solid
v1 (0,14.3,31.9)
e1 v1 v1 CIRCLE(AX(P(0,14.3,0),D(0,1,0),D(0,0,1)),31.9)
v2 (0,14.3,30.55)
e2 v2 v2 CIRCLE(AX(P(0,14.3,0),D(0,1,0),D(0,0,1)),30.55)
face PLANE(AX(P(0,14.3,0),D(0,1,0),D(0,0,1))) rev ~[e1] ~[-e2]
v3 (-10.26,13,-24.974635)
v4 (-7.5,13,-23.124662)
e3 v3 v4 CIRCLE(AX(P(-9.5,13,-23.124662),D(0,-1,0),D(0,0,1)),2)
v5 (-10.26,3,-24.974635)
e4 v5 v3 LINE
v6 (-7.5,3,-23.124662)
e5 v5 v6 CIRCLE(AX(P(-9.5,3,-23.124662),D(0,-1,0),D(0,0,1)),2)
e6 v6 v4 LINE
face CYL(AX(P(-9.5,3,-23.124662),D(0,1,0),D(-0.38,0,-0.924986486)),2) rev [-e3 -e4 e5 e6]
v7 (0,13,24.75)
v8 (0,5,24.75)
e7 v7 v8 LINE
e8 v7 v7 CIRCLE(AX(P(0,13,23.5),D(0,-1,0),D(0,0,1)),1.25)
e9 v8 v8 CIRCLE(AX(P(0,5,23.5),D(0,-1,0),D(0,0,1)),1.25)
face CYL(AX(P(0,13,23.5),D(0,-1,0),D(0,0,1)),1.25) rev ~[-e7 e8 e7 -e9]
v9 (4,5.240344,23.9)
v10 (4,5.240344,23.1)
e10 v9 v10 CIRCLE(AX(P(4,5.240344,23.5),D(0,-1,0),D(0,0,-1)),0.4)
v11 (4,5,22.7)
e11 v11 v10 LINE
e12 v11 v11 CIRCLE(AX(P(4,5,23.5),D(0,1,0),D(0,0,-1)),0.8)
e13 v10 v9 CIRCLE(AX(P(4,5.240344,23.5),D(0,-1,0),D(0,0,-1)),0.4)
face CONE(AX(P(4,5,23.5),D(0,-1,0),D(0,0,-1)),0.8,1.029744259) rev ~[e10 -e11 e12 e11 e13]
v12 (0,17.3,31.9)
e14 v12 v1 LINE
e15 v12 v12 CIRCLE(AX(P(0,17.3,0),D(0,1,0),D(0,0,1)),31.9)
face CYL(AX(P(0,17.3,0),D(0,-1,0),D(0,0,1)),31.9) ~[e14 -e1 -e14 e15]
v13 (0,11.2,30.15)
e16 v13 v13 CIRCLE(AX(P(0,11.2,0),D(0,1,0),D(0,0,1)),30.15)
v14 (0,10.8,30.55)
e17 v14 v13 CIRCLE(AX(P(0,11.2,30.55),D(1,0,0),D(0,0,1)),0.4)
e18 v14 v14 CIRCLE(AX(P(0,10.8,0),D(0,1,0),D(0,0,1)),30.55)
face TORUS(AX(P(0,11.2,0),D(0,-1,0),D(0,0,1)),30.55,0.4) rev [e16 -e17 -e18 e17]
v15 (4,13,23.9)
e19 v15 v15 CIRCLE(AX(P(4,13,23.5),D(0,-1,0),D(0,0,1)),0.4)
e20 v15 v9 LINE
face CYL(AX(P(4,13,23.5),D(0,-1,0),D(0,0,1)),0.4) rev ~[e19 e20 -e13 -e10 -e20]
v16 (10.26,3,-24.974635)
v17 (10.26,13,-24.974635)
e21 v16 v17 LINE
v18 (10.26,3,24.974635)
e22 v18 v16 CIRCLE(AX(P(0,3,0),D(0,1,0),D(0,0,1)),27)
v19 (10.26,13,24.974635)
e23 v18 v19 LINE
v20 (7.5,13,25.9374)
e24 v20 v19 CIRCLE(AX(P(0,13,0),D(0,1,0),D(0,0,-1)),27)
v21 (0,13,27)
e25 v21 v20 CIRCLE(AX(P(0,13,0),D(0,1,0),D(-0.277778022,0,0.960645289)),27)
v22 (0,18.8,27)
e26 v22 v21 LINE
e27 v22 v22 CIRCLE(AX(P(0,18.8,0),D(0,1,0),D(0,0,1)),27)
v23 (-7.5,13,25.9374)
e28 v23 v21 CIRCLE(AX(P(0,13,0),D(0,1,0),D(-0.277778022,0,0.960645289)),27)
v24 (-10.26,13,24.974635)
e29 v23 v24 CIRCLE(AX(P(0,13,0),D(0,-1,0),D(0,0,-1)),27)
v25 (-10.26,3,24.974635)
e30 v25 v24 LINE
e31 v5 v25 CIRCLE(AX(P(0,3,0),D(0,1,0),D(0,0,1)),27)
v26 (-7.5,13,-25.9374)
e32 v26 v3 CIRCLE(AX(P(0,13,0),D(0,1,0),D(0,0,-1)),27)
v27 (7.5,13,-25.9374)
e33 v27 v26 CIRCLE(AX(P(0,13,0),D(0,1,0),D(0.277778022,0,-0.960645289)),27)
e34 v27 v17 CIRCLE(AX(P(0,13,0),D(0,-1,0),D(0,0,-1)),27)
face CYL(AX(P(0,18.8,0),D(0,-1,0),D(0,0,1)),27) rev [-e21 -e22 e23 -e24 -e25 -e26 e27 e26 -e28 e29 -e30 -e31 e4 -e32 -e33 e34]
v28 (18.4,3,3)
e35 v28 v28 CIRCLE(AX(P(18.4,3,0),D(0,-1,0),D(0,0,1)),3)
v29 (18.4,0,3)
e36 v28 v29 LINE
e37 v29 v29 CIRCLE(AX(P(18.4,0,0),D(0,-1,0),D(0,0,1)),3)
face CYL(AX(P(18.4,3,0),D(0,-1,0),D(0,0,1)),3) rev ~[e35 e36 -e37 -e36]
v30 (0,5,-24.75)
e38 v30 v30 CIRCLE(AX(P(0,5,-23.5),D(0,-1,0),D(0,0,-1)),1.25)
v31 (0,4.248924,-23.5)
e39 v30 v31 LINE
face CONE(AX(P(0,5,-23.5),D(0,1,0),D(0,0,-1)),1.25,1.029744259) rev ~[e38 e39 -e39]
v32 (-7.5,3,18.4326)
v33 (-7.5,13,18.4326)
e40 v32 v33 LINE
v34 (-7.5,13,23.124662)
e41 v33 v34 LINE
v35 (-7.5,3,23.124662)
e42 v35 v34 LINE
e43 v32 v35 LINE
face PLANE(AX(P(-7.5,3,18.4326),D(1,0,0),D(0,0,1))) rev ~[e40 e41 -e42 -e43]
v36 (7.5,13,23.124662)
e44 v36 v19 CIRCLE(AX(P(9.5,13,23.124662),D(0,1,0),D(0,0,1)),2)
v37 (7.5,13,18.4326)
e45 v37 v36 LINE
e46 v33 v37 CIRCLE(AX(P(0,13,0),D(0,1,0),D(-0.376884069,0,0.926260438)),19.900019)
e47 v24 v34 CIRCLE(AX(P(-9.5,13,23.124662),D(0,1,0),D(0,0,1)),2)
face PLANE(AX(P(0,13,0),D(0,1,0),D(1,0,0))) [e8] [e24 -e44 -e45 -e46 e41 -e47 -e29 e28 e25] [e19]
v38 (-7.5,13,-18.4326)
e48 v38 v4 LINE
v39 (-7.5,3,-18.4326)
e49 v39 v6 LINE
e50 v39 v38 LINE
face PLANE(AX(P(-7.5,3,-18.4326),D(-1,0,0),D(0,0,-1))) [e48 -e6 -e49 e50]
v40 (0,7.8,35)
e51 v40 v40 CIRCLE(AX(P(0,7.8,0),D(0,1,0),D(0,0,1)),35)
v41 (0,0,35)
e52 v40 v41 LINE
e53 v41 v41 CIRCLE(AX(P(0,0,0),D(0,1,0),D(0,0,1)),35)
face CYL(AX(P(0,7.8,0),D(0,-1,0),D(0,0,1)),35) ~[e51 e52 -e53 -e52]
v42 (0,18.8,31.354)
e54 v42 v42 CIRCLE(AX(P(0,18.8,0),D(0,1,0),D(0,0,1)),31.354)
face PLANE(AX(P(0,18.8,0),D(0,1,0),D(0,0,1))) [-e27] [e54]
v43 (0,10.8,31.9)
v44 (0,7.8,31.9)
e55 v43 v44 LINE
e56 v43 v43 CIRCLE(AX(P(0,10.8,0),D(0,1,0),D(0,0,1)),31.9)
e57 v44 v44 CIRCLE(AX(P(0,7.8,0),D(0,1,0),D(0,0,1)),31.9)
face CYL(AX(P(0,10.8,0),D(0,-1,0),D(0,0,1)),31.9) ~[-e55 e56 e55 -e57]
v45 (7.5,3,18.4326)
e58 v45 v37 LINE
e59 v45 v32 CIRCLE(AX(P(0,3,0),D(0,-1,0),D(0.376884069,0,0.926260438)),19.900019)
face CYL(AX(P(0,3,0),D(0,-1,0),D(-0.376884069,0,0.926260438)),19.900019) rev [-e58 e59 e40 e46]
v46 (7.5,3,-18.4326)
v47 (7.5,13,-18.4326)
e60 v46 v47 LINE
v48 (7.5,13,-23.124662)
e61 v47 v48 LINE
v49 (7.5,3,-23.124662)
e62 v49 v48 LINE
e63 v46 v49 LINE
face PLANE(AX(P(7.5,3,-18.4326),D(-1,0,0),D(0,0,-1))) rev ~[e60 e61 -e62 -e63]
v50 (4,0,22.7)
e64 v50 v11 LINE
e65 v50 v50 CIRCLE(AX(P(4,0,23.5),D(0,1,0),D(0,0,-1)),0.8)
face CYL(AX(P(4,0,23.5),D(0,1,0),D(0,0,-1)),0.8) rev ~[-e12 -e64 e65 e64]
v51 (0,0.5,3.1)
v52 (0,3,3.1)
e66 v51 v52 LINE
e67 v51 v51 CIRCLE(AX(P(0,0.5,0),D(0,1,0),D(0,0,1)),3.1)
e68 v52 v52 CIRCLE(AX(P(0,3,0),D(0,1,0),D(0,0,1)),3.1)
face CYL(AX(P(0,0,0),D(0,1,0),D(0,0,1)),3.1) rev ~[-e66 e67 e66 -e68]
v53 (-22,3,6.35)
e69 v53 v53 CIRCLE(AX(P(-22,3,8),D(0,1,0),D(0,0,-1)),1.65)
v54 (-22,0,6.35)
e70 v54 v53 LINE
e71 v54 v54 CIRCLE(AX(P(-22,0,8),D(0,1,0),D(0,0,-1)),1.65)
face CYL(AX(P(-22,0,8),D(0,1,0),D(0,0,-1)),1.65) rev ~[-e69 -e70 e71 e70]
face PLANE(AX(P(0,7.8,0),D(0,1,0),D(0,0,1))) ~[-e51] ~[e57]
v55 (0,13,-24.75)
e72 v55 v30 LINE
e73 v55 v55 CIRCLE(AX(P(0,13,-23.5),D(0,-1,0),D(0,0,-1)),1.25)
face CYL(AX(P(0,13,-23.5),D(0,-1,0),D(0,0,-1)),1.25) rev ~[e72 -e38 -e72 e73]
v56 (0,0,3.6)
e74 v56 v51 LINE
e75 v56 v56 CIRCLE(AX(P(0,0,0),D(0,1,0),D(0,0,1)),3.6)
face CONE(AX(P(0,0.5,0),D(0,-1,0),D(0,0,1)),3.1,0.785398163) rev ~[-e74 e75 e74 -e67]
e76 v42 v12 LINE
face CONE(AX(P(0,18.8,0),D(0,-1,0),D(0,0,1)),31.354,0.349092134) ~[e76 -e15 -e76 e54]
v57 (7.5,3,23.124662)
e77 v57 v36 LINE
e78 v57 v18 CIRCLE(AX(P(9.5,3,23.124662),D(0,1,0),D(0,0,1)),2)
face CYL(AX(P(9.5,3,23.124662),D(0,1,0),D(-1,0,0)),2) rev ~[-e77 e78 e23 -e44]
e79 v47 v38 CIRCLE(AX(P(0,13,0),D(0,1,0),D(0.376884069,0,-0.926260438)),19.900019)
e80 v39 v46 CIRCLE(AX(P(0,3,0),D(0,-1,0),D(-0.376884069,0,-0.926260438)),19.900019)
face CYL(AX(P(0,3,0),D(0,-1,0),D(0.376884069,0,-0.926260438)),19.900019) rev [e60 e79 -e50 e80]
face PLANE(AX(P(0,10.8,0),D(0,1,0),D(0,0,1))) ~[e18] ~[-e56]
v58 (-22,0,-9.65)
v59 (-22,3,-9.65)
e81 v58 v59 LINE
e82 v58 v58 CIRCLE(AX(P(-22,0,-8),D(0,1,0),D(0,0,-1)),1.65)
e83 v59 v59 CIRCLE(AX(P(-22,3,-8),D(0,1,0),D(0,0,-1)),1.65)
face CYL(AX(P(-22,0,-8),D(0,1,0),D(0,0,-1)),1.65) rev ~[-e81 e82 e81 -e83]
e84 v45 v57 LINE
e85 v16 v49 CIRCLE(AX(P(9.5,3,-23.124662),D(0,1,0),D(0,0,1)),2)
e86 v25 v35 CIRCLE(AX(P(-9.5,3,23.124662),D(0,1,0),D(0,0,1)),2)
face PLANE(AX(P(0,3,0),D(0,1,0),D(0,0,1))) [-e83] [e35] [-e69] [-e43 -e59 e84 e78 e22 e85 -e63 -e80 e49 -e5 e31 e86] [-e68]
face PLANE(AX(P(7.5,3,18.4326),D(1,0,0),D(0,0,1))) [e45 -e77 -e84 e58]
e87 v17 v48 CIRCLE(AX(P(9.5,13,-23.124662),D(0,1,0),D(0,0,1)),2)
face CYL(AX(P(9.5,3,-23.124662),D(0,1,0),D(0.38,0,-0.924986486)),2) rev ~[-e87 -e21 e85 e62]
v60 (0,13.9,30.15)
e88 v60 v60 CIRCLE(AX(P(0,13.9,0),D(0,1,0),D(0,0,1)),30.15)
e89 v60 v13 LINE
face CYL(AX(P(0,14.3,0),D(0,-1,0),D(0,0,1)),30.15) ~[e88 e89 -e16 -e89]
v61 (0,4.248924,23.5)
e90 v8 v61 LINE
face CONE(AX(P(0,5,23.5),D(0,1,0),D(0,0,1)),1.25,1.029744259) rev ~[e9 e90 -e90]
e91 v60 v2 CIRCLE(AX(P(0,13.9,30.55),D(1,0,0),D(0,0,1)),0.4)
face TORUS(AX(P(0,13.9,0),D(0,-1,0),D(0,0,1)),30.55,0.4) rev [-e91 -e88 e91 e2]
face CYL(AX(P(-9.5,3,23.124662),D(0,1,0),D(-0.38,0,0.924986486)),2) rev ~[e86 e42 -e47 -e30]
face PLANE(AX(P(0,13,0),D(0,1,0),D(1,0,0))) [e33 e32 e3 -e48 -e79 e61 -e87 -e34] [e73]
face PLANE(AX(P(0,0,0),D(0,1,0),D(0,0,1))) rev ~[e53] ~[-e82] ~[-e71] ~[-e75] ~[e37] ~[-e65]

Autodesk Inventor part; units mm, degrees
ref_plane "YZ Plane" through (0, 0, 0) normal (1, 0, 0) x (0, 1, 0)
ref_plane "XZ Plane" through (0, 0, 0) normal (0, 1, 0) x (-1, 0, 0)
ref_plane "XY Plane" through (0, 0, 0) normal (0, 0, 1) x (1, 0, 0)
sketch "Skizze2" plane through (0, 0, 0) normal (1, 0, 0) x (0, 1, 0)
  line L0 (0, 0) -> (18.8, 0)
  line L1 (0, 3.1) -> (3, 3.1)
  line L2 (18.8, 31.354) -> (17.3, 31.9)
  line L3 (17.3, 31.9) -> (14.3, 31.9)
  line L4 (14.3, 31.9) -> (14.3, 30.15)
  line L5 (14.3, 30.15) -> (10.8, 30.15)
  line L6 (10.8, 30.15) -> (10.8, 31.9)
  line L7 (10.8, 31.9) -> (7.8, 31.9)
  line L8 (7.8, 31.9) -> (7.8, 35)
  line L9 (7.8, 35) -> (0, 35)
  line L10 (18.8, 31.354) -> (18.8, 27)
  line L11 (18.8, 27) -> (3, 27)
  line L12 (3, 27) -> (3, 3.1)
  line L13 (0, 35) -> (0, 3.1)
  dimension "d5" = 6.2
  dimension "d10" = 20
  dimension "d11" = 60.3
  dimension "d12" = 63.8
  dimension "d26" = 70
  dimension "d34" = 1.5
  dimension "d35" = 4.5
  dimension "d36" = 8
  dimension "d37" = 11
  dimension "d39" = 3
  dimension "d41" = 18.8
  dimension "d50" = 54
revolve "Umdrehung1" add sketch "Skizze2" angle 360 about axis through (0, 0, 0) along (0, 1, 0)
fillet "Rundung1" radius 0.4 2 edges at (0, 10.8, -30.15) (0, 14.3, -30.15)
chamfer "Fase1" distance 0.5 angle 45 1 edges at (0, 0, -3.1)
sketch "Skizze7" plane through (0, 3, 0) normal (0, 1, 0) x (1, 0, 0)
  arc A0 (-7.5, -18.4326) -> (7.5, -18.4326) centre (0, 0) ccw
  circle A1 centre (0, 0) radius 31.9 projected
  line L0 (0, 49) -> (0, -49) projected
  line L1 (-7.5, -18.4326) -> (-7.5, -25.9374)
  circle A2 centre (0, 0) radius 27 projected
  line L2 (7.5, -18.4326) -> (7.5, -25.9374)
  arc A3 (-7.5, -25.9374) -> (7.5, -25.9374) centre (0, 0) ccw
  line L3 (7.5, 18.4326) -> (7.5, 25.9374)
  arc A4 (7.5, 18.4326) -> (-7.5, 18.4326) centre (0, 0) ccw
  arc A5 (7.5, 25.9374) -> (-7.5, 25.9374) centre (0, 0) ccw
  line L4 (-7.5, 18.4326) -> (-7.5, 25.9374)
  dimension "d70" = 12
  dimension "d73" = 360
  dimension "d75" = 15
extrude "Extrusion2" add sketch "Skizze7" along normal blind 10 contours A0 L0 A2 L1 | A0 L2 A2 L0 | A4 L4 A2 L0 | L0 A2 L3 A4
sketch "Skizze8" plane through (0, 13, 0) normal (0, 1, 0) x (1, 0, 0)
  line L0 (0, 49) -> (0, -49) projected
  point P0 (0, 0)
  point P1 (0, -23.5)
  dimension "d78" = 23.5
hole "Bohrung3" at (0, 13, 23.5) direction (0, -1, 0) diameter 2.5 depth 8 tip angle 118
thread "Gewinde1" size "M3x0.5" class "6H" standard "ANSI Metric M Profile" full length
pattern_circular "Runde Anordnung1" count 2 over 360 about axis through (0, 10.9, 0) along (0, 1, 0) of "Bohrung3"
sketch "Skizze9" plane through (0, 0, 0) normal (0, -1, 0) x (1, 0, 0)
  line L0 (-49, 0) -> (49, 0) projected
  point P0 (0, 0)
  point P1 (-22, -8)
  point P2 (-22, 8)
  dimension "d91" = 16
  dimension "d92" = 22
hole "Bohrung4" at (-22, 0, -8) at (-22, 0, 8) direction (0, 1, 0) diameter 3.3 end through all
thread "Gewinde2" size "M4x0.7" class "6H" standard "ANSI Metric M Profile" full length
thread "Gewinde3" size "M4x0.7" class "6H" standard "ANSI Metric M Profile" full length
sketch "Skizze10" plane through (0, 13, 0) normal (0, 1, 0) x (1, 0, 0)
  point P0 (0, 0)
  point P1 (4, -23.5)
  dimension "d104" = 23.5
  dimension "d105" = 4
hole "Bohrung5" at (4, 13, 23.5) direction (0, -1, 0) diameter 0.8 end through all
hole "Bohrung6" at (4, 0, 23.5) direction (0, 1, 0) diameter 1.6 depth 5 tip angle 118
thread "Gewinde4" size "M2x0.4" class "6H" standard "ANSI Metric M Profile" full length
sketch "Skizze11" plane through (0, 3, 0) normal (0, 1, 0) x (1, 0, 0)
  line L0 (-49, 0) -> (49, 0) projected
  point P0 (0, 0)
  point P1 (18.4, 0)
  dimension "d124" = 18.4
hole "Bohrung7" at (18.4, 3, 0) direction (0, -1, 0) diameter 6 end through all
fillet "Rundung2" radius 2 4 edges at (7.5, 8, 25.9374) (-7.5, 8, 25.9374) (7.5, 8, -25.9374) (-7.5, 8, -25.9374)
equation "\"d36\" = d35 + ORing1"
equation "\"ORing1\" = 3.5"
properties part number "Deckel_oben" material "PVC, hart"
